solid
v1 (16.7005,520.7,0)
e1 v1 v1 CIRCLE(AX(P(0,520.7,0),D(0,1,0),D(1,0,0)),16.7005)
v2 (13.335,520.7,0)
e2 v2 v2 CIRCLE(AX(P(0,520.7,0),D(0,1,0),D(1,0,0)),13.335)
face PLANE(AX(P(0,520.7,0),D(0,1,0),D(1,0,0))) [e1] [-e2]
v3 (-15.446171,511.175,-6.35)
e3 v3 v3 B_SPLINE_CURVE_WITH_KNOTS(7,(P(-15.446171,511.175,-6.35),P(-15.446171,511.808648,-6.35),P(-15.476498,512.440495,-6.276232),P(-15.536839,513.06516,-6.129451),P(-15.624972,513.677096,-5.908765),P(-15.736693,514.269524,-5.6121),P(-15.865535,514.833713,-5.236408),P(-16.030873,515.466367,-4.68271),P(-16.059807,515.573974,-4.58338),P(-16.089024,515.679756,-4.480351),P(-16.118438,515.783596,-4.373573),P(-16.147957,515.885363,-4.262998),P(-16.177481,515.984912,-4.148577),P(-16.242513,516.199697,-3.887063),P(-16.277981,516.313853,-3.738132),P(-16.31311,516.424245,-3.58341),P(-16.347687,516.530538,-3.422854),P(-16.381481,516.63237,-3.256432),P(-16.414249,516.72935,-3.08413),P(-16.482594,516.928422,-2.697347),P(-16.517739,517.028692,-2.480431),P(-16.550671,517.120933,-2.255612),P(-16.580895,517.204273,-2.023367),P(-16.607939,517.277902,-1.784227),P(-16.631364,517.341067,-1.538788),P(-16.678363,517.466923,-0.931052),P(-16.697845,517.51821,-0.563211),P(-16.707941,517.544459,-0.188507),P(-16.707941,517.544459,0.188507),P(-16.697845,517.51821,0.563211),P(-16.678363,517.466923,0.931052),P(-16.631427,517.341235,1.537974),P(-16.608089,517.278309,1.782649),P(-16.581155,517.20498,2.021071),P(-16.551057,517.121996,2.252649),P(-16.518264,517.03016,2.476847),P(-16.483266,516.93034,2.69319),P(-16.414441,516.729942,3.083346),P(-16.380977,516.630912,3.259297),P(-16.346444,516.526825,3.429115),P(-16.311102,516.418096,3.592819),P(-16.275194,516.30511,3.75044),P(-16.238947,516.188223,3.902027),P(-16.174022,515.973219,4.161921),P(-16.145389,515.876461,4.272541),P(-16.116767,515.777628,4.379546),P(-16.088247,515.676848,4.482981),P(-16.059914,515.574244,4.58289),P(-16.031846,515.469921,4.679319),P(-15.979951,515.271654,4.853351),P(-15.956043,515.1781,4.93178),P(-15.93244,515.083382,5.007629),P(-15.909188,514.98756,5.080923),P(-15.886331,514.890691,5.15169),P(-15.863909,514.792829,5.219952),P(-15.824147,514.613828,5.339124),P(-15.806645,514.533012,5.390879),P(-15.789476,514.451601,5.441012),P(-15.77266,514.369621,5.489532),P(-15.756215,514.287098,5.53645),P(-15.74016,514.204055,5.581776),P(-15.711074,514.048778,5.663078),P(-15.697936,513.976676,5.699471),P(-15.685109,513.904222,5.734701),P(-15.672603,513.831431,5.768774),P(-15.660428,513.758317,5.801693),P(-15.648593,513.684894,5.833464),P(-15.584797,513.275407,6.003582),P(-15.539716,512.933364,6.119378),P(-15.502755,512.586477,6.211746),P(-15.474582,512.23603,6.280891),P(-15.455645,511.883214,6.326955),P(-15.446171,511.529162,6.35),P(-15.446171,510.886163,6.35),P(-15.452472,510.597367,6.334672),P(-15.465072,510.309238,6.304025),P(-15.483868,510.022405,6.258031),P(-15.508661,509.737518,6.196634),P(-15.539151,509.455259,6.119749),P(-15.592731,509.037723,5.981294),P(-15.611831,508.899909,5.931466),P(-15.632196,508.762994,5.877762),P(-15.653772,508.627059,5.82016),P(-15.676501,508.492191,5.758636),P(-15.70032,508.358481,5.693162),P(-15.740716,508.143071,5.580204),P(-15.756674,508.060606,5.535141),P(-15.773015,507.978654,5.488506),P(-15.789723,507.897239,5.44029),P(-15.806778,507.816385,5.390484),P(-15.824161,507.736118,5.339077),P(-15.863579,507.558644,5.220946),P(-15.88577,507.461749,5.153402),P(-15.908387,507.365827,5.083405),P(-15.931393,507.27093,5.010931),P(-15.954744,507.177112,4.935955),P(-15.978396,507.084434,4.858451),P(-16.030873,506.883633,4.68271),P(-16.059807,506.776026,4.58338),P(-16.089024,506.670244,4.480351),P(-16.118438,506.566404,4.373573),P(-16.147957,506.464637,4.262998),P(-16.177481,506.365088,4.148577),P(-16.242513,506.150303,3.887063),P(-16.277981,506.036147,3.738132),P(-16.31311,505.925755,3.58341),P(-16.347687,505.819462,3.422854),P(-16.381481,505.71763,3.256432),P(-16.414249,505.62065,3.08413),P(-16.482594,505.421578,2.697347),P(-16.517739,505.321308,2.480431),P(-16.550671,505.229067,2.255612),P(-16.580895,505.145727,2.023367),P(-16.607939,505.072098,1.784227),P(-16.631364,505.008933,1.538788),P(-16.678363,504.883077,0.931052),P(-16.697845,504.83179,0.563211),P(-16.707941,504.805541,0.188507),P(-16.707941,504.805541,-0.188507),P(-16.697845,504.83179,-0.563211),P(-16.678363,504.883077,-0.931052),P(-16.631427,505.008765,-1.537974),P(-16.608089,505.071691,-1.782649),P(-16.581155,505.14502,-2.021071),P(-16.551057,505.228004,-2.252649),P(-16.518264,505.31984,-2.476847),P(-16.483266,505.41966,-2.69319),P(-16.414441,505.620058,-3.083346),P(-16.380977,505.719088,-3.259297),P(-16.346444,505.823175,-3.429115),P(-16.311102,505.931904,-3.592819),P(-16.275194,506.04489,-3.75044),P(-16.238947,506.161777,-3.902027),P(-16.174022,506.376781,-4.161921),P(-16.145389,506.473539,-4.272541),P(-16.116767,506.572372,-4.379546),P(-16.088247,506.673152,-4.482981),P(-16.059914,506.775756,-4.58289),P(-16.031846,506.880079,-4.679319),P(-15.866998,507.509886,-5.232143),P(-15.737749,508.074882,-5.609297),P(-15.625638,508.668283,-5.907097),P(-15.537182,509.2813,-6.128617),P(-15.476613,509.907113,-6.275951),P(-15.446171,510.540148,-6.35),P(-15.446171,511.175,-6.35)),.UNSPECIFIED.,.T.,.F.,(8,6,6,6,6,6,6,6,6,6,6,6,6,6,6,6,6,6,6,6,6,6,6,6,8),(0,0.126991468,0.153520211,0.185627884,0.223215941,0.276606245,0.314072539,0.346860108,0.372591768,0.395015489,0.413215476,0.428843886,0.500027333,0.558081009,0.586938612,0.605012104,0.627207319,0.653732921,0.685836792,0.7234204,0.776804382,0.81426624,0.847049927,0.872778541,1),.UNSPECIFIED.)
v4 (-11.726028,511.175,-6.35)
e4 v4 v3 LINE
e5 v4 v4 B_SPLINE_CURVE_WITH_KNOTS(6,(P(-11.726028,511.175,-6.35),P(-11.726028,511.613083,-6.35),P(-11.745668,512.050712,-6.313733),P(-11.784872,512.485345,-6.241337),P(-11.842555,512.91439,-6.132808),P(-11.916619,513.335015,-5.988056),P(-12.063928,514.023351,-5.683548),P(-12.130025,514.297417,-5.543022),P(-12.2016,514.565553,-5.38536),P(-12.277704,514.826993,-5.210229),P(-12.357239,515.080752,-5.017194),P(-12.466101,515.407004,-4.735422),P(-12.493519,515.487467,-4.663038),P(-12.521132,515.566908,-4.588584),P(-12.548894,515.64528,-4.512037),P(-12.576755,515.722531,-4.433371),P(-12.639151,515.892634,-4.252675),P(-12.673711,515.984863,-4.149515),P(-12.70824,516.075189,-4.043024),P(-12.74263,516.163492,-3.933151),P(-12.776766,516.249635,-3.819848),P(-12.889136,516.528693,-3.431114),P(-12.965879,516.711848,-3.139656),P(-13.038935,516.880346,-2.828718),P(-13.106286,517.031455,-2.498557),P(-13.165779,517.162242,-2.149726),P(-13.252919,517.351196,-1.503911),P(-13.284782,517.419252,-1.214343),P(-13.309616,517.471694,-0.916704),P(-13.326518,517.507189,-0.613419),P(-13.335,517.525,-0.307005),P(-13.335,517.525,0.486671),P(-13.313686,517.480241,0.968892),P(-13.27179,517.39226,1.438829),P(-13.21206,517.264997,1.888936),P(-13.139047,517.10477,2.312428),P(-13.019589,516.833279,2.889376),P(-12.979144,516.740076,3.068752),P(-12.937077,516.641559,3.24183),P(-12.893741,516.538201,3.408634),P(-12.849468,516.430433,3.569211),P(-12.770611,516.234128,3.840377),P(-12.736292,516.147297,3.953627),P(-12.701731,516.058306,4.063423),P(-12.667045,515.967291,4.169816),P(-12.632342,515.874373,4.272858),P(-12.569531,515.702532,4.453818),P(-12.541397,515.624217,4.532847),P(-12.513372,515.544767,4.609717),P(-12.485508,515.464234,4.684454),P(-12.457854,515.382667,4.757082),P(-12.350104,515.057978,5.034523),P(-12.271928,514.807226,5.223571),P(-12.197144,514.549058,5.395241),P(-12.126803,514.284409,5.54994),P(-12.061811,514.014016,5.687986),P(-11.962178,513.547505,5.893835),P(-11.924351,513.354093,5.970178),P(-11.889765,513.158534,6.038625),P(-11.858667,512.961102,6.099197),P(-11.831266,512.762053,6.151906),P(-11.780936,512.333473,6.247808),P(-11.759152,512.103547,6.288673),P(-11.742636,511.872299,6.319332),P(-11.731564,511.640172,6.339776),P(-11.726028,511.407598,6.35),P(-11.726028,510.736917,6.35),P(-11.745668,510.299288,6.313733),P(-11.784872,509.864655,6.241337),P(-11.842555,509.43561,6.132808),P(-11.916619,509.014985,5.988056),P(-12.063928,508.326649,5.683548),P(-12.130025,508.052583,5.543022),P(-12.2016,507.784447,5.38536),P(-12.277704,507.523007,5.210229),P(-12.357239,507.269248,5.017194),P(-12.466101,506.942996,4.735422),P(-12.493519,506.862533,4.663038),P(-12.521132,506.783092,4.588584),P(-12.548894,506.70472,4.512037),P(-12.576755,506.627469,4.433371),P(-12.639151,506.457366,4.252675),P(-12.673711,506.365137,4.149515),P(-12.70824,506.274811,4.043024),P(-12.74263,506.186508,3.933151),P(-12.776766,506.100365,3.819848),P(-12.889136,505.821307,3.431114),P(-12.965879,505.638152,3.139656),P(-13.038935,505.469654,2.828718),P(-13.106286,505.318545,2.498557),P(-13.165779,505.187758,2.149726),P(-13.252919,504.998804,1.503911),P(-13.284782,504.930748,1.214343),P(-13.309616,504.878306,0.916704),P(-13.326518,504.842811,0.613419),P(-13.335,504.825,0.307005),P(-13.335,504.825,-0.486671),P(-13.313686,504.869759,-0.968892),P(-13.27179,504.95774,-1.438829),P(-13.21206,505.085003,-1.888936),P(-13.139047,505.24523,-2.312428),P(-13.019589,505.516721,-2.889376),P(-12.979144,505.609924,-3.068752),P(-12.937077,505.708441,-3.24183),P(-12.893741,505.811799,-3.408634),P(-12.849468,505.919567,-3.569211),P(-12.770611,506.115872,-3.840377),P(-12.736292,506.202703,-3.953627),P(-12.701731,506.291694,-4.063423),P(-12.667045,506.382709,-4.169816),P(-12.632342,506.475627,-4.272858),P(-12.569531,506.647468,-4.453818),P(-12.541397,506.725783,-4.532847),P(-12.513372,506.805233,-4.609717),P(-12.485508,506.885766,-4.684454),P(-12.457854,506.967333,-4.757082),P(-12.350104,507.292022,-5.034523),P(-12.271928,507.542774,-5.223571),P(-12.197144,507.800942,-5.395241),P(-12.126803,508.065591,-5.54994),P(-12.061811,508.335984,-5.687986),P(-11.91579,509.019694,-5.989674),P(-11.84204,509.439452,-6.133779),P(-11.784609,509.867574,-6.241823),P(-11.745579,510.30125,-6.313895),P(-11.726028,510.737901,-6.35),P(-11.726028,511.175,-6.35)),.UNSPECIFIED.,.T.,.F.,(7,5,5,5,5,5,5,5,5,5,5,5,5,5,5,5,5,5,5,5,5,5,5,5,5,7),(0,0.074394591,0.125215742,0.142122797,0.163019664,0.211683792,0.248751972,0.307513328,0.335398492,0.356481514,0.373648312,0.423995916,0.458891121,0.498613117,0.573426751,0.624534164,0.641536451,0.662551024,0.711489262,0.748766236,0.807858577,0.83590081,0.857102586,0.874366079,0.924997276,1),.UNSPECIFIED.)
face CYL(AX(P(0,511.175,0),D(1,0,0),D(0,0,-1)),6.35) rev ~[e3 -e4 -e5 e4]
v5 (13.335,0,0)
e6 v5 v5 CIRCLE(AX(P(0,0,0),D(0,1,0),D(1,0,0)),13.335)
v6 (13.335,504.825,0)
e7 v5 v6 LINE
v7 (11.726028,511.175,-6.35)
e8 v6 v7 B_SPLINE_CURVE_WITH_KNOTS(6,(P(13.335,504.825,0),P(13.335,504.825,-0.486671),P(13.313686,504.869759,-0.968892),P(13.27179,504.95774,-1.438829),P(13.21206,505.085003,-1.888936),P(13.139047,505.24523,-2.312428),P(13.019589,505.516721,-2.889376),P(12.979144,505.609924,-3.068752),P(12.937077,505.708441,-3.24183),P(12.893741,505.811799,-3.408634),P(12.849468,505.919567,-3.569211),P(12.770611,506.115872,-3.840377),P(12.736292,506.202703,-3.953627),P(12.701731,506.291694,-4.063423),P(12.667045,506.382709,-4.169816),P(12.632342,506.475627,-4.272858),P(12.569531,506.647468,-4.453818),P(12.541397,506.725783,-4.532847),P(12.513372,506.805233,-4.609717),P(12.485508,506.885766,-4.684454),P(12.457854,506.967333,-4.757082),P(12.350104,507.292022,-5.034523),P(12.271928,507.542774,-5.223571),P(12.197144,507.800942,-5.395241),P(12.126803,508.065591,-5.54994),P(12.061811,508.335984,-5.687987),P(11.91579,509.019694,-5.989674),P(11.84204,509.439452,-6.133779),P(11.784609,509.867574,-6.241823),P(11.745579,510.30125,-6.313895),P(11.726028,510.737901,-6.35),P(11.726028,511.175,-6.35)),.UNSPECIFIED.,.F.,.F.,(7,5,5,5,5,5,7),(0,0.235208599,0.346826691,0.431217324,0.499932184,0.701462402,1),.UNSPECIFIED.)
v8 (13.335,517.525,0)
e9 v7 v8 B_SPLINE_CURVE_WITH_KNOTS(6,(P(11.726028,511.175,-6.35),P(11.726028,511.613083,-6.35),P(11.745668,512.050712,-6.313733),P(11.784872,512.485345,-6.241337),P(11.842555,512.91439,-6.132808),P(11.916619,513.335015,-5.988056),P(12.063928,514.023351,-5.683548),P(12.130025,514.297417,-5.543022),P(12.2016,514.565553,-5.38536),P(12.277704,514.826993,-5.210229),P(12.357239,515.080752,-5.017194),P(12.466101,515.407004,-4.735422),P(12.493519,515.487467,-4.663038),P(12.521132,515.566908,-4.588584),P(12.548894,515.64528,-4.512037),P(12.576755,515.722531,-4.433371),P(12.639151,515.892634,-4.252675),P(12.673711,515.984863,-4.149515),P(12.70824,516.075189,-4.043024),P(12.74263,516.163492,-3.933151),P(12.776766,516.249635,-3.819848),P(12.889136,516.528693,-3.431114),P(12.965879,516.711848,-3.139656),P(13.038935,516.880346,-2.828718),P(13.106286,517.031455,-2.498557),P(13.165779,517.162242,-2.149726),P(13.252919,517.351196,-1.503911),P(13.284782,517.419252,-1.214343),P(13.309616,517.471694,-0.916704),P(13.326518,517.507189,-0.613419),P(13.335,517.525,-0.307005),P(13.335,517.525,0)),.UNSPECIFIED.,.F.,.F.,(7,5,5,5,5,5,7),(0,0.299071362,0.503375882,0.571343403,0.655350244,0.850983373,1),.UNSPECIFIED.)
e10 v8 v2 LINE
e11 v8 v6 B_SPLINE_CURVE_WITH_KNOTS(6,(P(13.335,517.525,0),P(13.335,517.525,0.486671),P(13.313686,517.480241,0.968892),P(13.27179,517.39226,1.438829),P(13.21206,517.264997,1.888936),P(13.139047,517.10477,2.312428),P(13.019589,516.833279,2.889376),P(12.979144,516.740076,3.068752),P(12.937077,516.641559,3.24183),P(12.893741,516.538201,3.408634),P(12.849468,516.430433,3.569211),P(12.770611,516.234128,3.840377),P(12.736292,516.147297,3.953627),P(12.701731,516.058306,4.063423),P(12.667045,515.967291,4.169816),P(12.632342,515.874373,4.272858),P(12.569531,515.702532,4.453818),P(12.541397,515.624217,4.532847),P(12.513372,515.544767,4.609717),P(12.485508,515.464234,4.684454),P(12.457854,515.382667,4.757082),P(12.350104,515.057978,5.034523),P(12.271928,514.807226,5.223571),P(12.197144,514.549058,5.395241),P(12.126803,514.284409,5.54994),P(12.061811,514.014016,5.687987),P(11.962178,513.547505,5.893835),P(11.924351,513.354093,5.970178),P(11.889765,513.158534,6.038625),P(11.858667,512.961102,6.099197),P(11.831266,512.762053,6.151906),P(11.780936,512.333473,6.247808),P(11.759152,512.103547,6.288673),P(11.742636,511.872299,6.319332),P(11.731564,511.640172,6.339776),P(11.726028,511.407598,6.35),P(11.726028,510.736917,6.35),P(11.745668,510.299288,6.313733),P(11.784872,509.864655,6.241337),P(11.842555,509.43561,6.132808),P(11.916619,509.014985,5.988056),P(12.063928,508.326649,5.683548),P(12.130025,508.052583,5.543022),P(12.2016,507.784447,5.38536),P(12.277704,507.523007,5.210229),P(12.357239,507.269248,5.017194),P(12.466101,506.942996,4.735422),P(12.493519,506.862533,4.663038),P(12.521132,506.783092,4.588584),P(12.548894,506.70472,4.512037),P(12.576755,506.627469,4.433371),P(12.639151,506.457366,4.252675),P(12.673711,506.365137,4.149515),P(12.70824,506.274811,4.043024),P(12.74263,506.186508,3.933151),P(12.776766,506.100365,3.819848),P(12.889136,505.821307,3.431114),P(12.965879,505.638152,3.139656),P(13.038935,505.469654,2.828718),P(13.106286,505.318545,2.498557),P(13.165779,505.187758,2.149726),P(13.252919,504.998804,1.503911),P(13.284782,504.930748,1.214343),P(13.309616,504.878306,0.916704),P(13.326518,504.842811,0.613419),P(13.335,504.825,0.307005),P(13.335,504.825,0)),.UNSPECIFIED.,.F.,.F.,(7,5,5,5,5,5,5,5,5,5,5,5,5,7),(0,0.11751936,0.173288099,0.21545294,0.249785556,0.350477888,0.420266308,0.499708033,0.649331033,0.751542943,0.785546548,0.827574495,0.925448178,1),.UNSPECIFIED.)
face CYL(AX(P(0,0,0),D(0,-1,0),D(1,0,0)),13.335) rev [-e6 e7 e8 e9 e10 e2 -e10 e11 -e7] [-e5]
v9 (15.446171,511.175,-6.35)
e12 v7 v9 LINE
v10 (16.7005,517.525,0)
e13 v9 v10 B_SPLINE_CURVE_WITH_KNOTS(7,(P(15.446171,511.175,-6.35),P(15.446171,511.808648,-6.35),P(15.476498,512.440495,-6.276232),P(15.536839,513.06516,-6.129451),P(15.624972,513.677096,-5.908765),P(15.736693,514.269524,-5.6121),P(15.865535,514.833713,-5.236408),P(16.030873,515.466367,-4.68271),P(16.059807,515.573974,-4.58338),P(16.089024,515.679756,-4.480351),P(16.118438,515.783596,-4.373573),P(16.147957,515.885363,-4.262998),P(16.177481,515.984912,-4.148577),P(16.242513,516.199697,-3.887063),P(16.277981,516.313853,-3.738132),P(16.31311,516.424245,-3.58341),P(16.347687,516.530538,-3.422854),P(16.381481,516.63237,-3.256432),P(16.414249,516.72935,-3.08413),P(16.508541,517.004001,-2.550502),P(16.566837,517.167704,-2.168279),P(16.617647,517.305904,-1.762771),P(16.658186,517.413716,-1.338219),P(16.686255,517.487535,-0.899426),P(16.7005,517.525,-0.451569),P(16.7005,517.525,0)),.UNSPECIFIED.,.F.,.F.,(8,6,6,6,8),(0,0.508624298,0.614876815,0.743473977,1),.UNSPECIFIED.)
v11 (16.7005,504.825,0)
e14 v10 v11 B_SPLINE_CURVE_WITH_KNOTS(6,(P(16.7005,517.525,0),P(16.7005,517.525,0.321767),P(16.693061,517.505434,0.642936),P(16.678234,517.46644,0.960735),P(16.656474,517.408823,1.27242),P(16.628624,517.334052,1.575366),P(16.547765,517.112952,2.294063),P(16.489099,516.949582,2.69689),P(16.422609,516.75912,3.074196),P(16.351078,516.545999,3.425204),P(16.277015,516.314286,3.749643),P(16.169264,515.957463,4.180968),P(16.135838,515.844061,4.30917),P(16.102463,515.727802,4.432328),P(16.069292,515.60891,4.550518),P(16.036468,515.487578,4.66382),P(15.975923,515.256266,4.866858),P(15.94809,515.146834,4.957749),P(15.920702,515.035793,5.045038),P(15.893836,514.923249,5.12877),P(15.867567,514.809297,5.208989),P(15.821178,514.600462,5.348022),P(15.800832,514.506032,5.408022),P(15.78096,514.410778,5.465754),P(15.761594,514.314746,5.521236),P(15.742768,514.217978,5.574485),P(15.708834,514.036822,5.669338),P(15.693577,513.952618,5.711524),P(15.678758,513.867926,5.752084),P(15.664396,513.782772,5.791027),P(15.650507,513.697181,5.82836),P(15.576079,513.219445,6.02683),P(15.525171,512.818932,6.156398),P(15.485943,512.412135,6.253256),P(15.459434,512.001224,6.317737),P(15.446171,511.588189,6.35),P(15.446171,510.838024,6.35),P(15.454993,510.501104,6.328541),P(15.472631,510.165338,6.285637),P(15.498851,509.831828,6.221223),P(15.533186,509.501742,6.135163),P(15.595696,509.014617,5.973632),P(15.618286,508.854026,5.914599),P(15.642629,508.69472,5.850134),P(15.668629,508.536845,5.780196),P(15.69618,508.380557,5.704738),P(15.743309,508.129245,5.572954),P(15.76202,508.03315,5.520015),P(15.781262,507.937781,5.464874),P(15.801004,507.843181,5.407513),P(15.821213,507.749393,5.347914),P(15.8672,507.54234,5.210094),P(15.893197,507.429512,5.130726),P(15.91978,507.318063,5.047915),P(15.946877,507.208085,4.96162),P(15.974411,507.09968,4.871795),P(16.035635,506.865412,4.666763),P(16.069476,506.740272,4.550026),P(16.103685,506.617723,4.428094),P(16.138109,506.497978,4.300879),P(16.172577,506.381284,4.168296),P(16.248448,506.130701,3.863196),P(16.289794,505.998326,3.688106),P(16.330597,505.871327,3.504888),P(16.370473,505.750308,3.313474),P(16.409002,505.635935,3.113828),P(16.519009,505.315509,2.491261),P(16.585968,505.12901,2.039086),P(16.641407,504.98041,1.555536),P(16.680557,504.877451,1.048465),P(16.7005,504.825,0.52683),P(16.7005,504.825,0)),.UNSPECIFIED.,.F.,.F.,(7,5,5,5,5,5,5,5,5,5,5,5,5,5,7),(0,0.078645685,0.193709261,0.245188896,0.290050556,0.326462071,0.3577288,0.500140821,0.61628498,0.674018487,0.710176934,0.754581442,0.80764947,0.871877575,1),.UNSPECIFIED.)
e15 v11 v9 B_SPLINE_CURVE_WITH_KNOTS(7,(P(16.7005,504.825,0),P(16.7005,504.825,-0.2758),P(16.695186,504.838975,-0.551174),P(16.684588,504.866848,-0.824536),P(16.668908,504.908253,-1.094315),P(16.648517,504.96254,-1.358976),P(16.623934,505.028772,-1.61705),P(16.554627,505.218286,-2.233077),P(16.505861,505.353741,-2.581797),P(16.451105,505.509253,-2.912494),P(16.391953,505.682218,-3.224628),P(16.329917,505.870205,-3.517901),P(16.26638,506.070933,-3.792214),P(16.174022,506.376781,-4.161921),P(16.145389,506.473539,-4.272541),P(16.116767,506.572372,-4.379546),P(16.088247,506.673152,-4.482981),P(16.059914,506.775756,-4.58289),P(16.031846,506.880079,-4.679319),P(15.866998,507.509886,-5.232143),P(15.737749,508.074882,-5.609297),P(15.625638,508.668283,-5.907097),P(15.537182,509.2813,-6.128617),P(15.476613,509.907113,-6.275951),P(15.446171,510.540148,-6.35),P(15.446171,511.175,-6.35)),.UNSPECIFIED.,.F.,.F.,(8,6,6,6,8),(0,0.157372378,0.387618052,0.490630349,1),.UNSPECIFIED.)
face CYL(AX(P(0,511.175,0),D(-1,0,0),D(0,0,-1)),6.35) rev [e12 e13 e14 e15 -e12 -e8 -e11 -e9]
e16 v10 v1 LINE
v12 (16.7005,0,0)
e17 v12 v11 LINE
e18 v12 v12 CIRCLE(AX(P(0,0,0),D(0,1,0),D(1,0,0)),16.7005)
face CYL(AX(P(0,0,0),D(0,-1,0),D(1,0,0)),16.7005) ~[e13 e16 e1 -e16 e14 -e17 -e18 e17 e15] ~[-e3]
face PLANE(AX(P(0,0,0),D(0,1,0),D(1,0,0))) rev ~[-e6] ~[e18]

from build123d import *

# Parameters (mm, degrees)
SKETCH1_R               = 16.7005
SKETCH1_R_2             = 13.335
BOSS_EXTRUDE1_DEPTH     = 520.7
SKETCH2_R               = 6.35
CUT_EXTRUDE1_DEPTH      = 17.7005
CUT_EXTRUDE1_DEPTH_BACK = 17.7005


with BuildPart() as part:
    # Sketch1 → Boss-Extrude1 (new body)
    with BuildSketch(Plane(origin=(0, 0, 0), x_dir=(1, 0, 0), z_dir=(0, 1, 0))):
        Circle(SKETCH1_R)
        Circle(SKETCH1_R_2, mode=Mode.SUBTRACT)
    extrude(amount=BOSS_EXTRUDE1_DEPTH)

    # Sketch2 → Cut-Extrude1 (cut, two sides)
    with BuildSketch(Plane(origin=(0, 0, 0), x_dir=(0, 0, -1), z_dir=(1, 0, 0))) as cut_extrude1_sk:
        with Locations((0, 511.175)):
            Circle(SKETCH2_R)
    extrude(amount=CUT_EXTRUDE1_DEPTH, mode=Mode.SUBTRACT)
    extrude(cut_extrude1_sk.sketch, amount=-CUT_EXTRUDE1_DEPTH_BACK, mode=Mode.SUBTRACT)


solid = part.part
